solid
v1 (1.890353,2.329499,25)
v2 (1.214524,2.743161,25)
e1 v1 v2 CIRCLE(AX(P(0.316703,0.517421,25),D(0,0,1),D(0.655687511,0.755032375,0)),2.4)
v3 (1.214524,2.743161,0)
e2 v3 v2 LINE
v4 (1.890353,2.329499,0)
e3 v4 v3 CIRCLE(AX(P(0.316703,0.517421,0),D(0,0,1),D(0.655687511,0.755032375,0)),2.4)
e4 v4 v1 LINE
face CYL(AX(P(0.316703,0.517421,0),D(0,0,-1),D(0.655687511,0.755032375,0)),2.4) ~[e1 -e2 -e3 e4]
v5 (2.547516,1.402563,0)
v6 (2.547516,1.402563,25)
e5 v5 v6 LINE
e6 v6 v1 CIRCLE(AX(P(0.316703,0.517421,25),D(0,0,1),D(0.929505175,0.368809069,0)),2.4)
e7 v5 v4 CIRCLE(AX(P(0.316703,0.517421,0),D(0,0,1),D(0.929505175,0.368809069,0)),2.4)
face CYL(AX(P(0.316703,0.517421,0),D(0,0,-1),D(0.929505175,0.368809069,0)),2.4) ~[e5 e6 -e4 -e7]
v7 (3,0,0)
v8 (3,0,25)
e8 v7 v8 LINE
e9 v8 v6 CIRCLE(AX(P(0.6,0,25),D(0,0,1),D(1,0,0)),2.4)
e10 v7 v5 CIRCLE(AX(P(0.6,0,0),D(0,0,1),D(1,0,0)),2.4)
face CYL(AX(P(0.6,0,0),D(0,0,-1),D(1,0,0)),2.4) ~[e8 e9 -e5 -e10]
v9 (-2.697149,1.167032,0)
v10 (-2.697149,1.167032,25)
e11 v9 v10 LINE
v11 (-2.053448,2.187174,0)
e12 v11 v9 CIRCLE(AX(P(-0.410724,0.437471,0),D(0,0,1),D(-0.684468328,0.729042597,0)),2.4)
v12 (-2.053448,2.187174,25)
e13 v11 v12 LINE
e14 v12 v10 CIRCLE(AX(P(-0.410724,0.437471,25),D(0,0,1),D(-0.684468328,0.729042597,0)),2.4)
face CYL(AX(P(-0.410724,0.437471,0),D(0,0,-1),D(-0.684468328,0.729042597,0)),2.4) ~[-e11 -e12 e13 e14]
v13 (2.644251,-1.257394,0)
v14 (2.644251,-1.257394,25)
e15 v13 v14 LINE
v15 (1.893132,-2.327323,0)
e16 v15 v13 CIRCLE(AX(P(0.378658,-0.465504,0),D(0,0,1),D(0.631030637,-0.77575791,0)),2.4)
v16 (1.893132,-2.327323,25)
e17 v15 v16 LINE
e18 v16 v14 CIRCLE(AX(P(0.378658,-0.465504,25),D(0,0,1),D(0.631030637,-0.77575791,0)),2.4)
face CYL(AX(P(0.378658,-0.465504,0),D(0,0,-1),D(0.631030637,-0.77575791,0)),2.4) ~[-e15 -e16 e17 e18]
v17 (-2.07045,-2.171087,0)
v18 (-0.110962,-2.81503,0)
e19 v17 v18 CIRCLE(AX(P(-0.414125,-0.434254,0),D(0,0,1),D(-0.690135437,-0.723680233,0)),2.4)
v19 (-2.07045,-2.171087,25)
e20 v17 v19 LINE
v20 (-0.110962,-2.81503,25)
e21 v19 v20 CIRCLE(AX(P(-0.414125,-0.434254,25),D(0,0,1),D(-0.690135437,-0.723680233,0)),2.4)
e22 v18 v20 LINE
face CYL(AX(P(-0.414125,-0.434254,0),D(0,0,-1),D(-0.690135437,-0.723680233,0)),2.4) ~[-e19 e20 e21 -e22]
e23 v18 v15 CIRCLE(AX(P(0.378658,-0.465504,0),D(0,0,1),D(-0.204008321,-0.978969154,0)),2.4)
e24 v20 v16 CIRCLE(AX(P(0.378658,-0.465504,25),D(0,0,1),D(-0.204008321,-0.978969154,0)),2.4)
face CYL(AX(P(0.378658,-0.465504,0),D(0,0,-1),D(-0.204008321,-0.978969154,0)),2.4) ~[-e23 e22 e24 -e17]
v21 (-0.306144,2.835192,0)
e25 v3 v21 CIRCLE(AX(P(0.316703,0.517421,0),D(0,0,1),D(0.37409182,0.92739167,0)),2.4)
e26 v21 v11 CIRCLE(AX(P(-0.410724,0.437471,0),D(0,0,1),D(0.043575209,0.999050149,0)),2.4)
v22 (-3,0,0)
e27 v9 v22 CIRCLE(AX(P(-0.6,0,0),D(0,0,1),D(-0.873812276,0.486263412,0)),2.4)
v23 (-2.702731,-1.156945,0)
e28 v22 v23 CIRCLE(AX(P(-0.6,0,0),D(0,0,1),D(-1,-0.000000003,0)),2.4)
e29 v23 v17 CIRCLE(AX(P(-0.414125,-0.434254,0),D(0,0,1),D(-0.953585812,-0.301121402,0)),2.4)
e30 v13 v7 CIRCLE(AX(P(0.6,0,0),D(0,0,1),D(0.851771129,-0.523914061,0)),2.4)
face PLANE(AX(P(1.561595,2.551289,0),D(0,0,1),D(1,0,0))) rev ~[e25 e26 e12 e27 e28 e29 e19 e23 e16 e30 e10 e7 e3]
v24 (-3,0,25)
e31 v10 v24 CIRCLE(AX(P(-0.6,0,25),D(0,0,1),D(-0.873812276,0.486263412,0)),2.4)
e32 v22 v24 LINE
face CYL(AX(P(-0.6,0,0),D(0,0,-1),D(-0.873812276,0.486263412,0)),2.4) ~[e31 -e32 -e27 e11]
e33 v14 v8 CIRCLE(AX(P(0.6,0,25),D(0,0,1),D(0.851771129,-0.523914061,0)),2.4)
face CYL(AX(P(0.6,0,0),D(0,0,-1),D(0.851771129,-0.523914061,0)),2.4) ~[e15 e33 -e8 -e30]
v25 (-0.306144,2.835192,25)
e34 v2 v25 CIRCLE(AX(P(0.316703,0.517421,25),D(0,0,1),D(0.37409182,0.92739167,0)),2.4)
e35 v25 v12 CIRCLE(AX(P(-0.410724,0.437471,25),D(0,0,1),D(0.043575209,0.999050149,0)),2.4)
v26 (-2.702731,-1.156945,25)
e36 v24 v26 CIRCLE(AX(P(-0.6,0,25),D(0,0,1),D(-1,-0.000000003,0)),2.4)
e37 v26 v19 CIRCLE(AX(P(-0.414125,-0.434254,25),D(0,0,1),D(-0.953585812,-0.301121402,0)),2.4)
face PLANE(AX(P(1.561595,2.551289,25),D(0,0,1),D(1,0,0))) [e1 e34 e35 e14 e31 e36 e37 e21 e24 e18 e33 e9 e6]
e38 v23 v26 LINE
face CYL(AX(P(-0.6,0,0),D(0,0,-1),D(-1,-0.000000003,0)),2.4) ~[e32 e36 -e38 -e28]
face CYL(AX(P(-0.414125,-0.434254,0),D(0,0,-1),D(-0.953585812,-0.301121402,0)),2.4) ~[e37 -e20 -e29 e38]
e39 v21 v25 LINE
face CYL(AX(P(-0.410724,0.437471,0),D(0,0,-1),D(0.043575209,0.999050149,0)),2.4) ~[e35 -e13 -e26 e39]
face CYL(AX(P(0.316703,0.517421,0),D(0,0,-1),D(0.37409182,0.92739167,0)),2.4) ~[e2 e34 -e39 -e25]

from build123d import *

# Parameters (mm, degrees)
F1_DEPTH = 25


with BuildPart() as f1:
    # F0 (on Top) → F1 (new body)
    with BuildSketch(Plane.XY):
        with BuildLine():
            ThreePointArc((1.2145237572, 2.7431609583), (1.5661560246, 2.5587409612), (1.8903534171, 2.3294986496))
            ThreePointArc((1.8903534171, 2.3294986496), (1.5696282097, 2.5644137181), (1.2145237572, 2.7431609583))
        make_face()
        with BuildLine():
            ThreePointArc((-2.6971494632, 1.1670321884), (-2.9230538866, 0.602843794), (-3, -7.1e-09))
            ThreePointArc((-3, -7.1e-09), (-2.9244950269, -0.5972628147), (-2.7027309452, -1.1569453626))
            ThreePointArc((-2.7027309452, -1.1569453626), (-2.8098534543, -0.5773803496), (-2.7724957206, 0.0108162466))
            ThreePointArc((-2.7724957206, 0.0108162466), (-2.8056442701, 0.5935394007), (-2.6971494632, 1.1670321884))
        make_face()
        with BuildLine():
            ThreePointArc((0, 2.3237900077), (0.5091765934, 2.3982808653), (1.0225286934, 2.3625133869))
            ThreePointArc((1.0225286934, 2.3625133869), (0.3936943594, 2.6986461258), (-0.3061435643, 2.8351917902))
            ThreePointArc((-0.3061435643, 2.8351917902), (-0.8312662298, 2.6250655472), (-1.2926313697, 2.2978820217))
            ThreePointArc((-1.2926313697, 2.2978820217), (-0.6480931242, 2.3995180873), (0, 2.3237900077))
        make_face()
        with BuildLine():
            ThreePointArc((-0.3061435643, 2.8351917902), (-1.2452617924, 2.6877040375), (-2.0534480514, 2.1871736645))
            ThreePointArc((-2.0534480514, 2.1871736645), (-2.4404348522, 1.7182033005), (-2.6971494632, 1.1670321884))
            ThreePointArc((-2.6971494632, 1.1670321884), (-2.1051327551, 1.8693783431), (-1.2926313697, 2.2978820217))
            ThreePointArc((-1.2926313697, 2.2978820217), (-0.8312662298, 2.6250655472), (-0.3061435643, 2.8351917902))
        make_face()
        with BuildLine():
            ThreePointArc((-1.891761125, 1.4569338473), (-2.4638935619, 0.8141244793), (-2.7724957206, 0.0108162466))
            ThreePointArc((-2.7724957206, 0.0108162466), (-2.4250170931, -0.8673747652), (-1.7656165001, -1.5435047142))
            ThreePointArc((-1.7656165001, -1.5435047142), (-1.9902787019, -0.8503911859), (-1.9966041151, -0.1218038835))
            ThreePointArc((-1.9966041151, -0.1218038835), (-2.0780218042, 0.6764531589), (-1.891761125, 1.4569338473))
        make_face()
        with BuildLine():
            ThreePointArc((-1.2926313697, 2.2978820217), (-2.1051327551, 1.8693783431), (-2.6971494632, 1.1670321884))
            ThreePointArc((-2.6971494632, 1.1670321884), (-2.8056442701, 0.5935394007), (-2.7724957206, 0.0108162466))
            ThreePointArc((-2.7724957206, 0.0108162466), (-2.4638935619, 0.8141244793), (-1.891761125, 1.4569338473))
            ThreePointArc((-1.891761125, 1.4569338473), (-1.6379567553, 1.9100098031), (-1.2926313697, 2.2978820217))
        make_face()
        with BuildLine():
            ThreePointArc((-1.6655926226, 0.7918901872), (-1.3317700546, 1.4241714982), (-0.8264971382, 1.930053345))
            ThreePointArc((-0.8264971382, 1.930053345), (-1.3882878833, 1.7591467098), (-1.891761125, 1.4569338473))
            ThreePointArc((-1.891761125, 1.4569338473), (-2.0780218042, 0.6764531589), (-1.9966041151, -0.1218038835))
            ThreePointArc((-1.9966041151, -0.1218038835), (-1.8778287416, 0.3519725497), (-1.6655926226, 0.7918901872))
        make_face()
        with BuildLine():
            ThreePointArc((-0.8264971382, 1.930053345), (-0.4321965911, 2.1666956864), (0, 2.3237900077))
            ThreePointArc((0, 2.3237900077), (-0.6480931242, 2.3995180873), (-1.2926313697, 2.2978820217))
            ThreePointArc((-1.2926313697, 2.2978820217), (-1.6379567553, 1.9100098031), (-1.891761125, 1.4569338473))
            ThreePointArc((-1.891761125, 1.4569338473), (-1.3882878833, 1.7591467098), (-0.8264971382, 1.930053345))
        make_face()
        with BuildLine():
            ThreePointArc((0.8936048083, 1.8786017876), (0.4702071814, 2.1481751765), (0, 2.3237900077))
            ThreePointArc((0, 2.3237900077), (-0.4321965911, 2.1666956864), (-0.8264971382, 1.930053345))
            ThreePointArc((-0.8264971382, 1.930053345), (-0.3748003349, 1.9654238069), (0.0754949738, 1.9152719716))
            ThreePointArc((0.0754949738, 1.9152719716), (0.4861255229, 1.9320891402), (0.8936048083, 1.8786017876))
        make_face()
        with BuildLine():
            ThreePointArc((1.7335505231, 1.5154725868), (1.4274938242, 1.9805057771), (1.0225286934, 2.3625133869))
            ThreePointArc((1.0225286934, 2.3625133869), (0.5091765934, 2.3982808653), (0, 2.3237900077))
            ThreePointArc((0, 2.3237900077), (0.4702071814, 2.1481751765), (0.8936048083, 1.8786017876))
            ThreePointArc((0.8936048083, 1.8786017876), (1.3310447327, 1.7374398538), (1.7335505231, 1.5154725868))
        make_face()
        with BuildLine():
            ThreePointArc((2.5475158106, 1.4025627142), (2.2745813704, 1.90548212), (1.8903534171, 2.3294986496))
            ThreePointArc((1.8903534171, 2.3294986496), (1.5661560246, 2.5587409612), (1.2145237572, 2.7431609583))
            ThreePointArc((1.2145237572, 2.7431609583), (0.4616861922, 2.9130377773), (-0.3061435643, 2.8351917902))
            ThreePointArc((-0.3061435643, 2.8351917902), (0.3936943594, 2.6986461258), (1.0225286934, 2.3625133869))
            ThreePointArc((1.0225286934, 2.3625133869), (1.8785359054, 2.0310947636), (2.5475158106, 1.4025627142))
        make_face()
        with BuildLine():
            ThreePointArc((2.7167033901, 0.5174209492), (2.6740270642, 0.9680040107), (2.5475158106, 1.4025627142))
            ThreePointArc((2.5475158106, 1.4025627142), (1.8785359054, 2.0310947636), (1.0225286934, 2.3625133869))
            ThreePointArc((1.0225286934, 2.3625133869), (1.4274938242, 1.9805057771), (1.7335505231, 1.5154725868))
            ThreePointArc((1.7335505231, 1.5154725868), (2.3316037725, 0.9294886108), (2.6919655931, 0.1737212738))
            ThreePointArc((2.6919655931, 0.1737212738), (2.710510952, 0.3451265605), (2.7167033901, 0.5174209492))
        make_face()
        with BuildLine():
            ThreePointArc((2.6442507105, -1.257393746), (2.9093507427, -0.6533751965), (3, 0))
            ThreePointArc((3, 0), (2.8840794585, 0.7368724633), (2.5475158106, 1.4025627142))
            ThreePointArc((2.5475158106, 1.4025627142), (2.6740270642, 0.9680040107), (2.7167033901, 0.5174209492))
            ThreePointArc((2.7167033901, 0.5174209492), (2.710510952, 0.3451265605), (2.6919655931, 0.1737212738))
            ThreePointArc((2.6919655931, 0.1737212738), (2.7568862112, -0.1429651986), (2.778658088, -0.4655035588))
            ThreePointArc((2.778658088, -0.4655035588), (2.7448176656, -0.8671113936), (2.6442507105, -1.257393746))
        make_face()
        with BuildLine():
            ThreePointArc((-0.1109618815, -2.8150295292), (0.9461488192, -2.7974457257), (1.893131616, -2.3273225438))
            ThreePointArc((1.893131616, -2.3273225438), (2.3429421646, -1.8444843659), (2.6442507105, -1.257393746))
            ThreePointArc((2.6442507105, -1.257393746), (1.9472428841, -1.9861864492), (1.0123721426, -2.3643073438))
            ThreePointArc((1.0123721426, -2.3643073438), (0.4795856786, -2.6616473701), (-0.1109618815, -2.8150295292))
        make_face()
        with BuildLine():
            ThreePointArc((-2.7027309452, -1.1569453626), (-2.450725284, -1.7040017159), (-2.0704500438, -2.1710865568))
            ThreePointArc((-2.0704500438, -2.1710865568), (-1.1634096163, -2.7142918399), (-0.1109618815, -2.8150295292))
            ThreePointArc((-0.1109618815, -2.8150295292), (-0.6405266481, -2.6383501879), (-1.1149467204, -2.3441053464))
            ThreePointArc((-1.1149467204, -2.3441053464), (-2.0371486691, -1.9221351937), (-2.7027309452, -1.1569453626))
        make_face()
        with BuildLine():
            ThreePointArc((-2.7724957206, 0.0108162466), (-2.8098534543, -0.5773803496), (-2.7027309452, -1.1569453626))
            ThreePointArc((-2.7027309452, -1.1569453626), (-2.0371486691, -1.9221351937), (-1.1149467204, -2.3441053464))
            ThreePointArc((-1.1149467204, -2.3441053464), (-1.4838085477, -1.9791805492), (-1.7656165001, -1.5435047142))
            ThreePointArc((-1.7656165001, -1.5435047142), (-2.4250170931, -0.8673747652), (-2.7724957206, 0.0108162466))
        make_face()
        with BuildLine():
            ThreePointArc((-1.7656165001, -1.5435047142), (-1.4838085477, -1.9791805492), (-1.1149467204, -2.3441053464))
            ThreePointArc((-1.1149467204, -2.3441053464), (-0.5562770845, -2.3996016975), (0, -2.3237900077))
            ThreePointArc((0, -2.3237900077), (-0.4359918905, -2.1648835541), (-0.8332527584, -1.9250419555))
            ThreePointArc((-0.8332527584, -1.9250419555), (-1.3196790329, -1.7837446469), (-1.7656165001, -1.5435047142))
        make_face()
        with BuildLine():
            ThreePointArc((-1.9966041151, -0.1218038835), (-1.9902787019, -0.8503911859), (-1.7656165001, -1.5435047142))
            ThreePointArc((-1.7656165001, -1.5435047142), (-1.3196790329, -1.7837446469), (-0.8332527584, -1.9250419555))
            ThreePointArc((-0.8332527584, -1.9250419555), (-1.3043874371, -1.460584982), (-1.6308124206, -0.8851417651))
            ThreePointArc((-1.6308124206, -0.8851417651), (-1.8476267632, -0.5197265753), (-1.9966041151, -0.1218038835))
        make_face()
        with BuildLine():
            ThreePointArc((0.0754949738, 1.9152719716), (-0.922527746, 1.5511559131), (-1.6655926226, 0.7918901872))
            ThreePointArc((-1.6655926226, 0.7918901872), (-1.7994840321, -0.0497632375), (-1.6308124206, -0.8851417651))
            ThreePointArc((-1.6308124206, -0.8851417651), (-0.8236296762, -1.5943651427), (0.2121228894, -1.8802994096))
            ThreePointArc((0.2121228894, -1.8802994096), (1.0659766459, -1.45444691), (1.6864253983, -0.729560757))
            ThreePointArc((1.6864253983, -0.729560757), (1.7714363744, -0.3691741081), (1.8, 0))
            ThreePointArc((1.8, 0), (1.7719880142, 0.3656129927), (1.6886059496, 0.7226913638))
            ThreePointArc((1.6886059496, 0.7226913638), (1.0126310952, 1.4956079282), (0.0754949738, 1.9152719716))
        make_face()
        with BuildLine():
            ThreePointArc((0.0754949738, 1.9152719716), (-0.3748003349, 1.9654238069), (-0.8264971382, 1.930053345))
            ThreePointArc((-0.8264971382, 1.930053345), (-1.3317700546, 1.4241714982), (-1.6655926226, 0.7918901872))
            ThreePointArc((-1.6655926226, 0.7918901872), (-0.922527746, 1.5511559131), (0.0754949738, 1.9152719716))
        make_face()
        with BuildLine():
            ThreePointArc((1.989275935, 0.4374714314), (1.9244696113, 0.9914303598), (1.7335505231, 1.5154725868))
            ThreePointArc((1.7335505231, 1.5154725868), (1.3310447327, 1.7374398538), (0.8936048083, 1.8786017876))
            ThreePointArc((0.8936048083, 1.8786017876), (1.3774508291, 1.3600324329), (1.6886059496, 0.7226913638))
            ThreePointArc((1.6886059496, 0.7226913638), (1.8477938368, 0.3680696241), (1.94764666, -0.007598814))
            ThreePointArc((1.94764666, -0.007598814), (1.9788459528, 0.2139649886), (1.989275935, 0.4374714314))
        make_face()
        with BuildLine():
            ThreePointArc((2.6919655931, 0.1737212738), (2.3316037725, 0.9294886108), (1.7335505231, 1.5154725868))
            ThreePointArc((1.7335505231, 1.5154725868), (1.9244696113, 0.9914303598), (1.989275935, 0.4374714314))
            ThreePointArc((1.989275935, 0.4374714314), (1.9788459528, 0.2139649886), (1.94764666, -0.007598814))
            ThreePointArc((1.94764666, -0.007598814), (1.9762988134, -0.2200718024), (1.9858750044, -0.4342539988))
            ThreePointArc((1.9858750044, -0.4342539988), (1.9375036779, -0.9136730034), (1.7943395194, -1.3737668969))
            ThreePointArc((1.7943395194, -1.3737668969), (2.3927299553, -0.6867857193), (2.6919655931, 0.1737212738))
        make_face()
        with BuildLine():
            ThreePointArc((1.0123721426, -2.3643073438), (1.9472428841, -1.9861864492), (2.6442507105, -1.257393746))
            ThreePointArc((2.6442507105, -1.257393746), (2.7448176656, -0.8671113936), (2.778658088, -0.4655035588))
            ThreePointArc((2.778658088, -0.4655035588), (2.7568862112, -0.1429651986), (2.6919655931, 0.1737212738))
            ThreePointArc((2.6919655931, 0.1737212738), (2.3927299553, -0.6867857193), (1.7943395194, -1.3737668969))
            ThreePointArc((1.7943395194, -1.3737668969), (1.4696290089, -1.9213554918), (1.0123721426, -2.3643073438))
        make_face()
        with BuildLine():
            ThreePointArc((0.2121228894, -1.8802994096), (0.6149363184, -1.8639771949), (1.0093347598, -1.7804610726))
            ThreePointArc((1.0093347598, -1.7804610726), (1.4175070435, -1.2998712742), (1.6864253983, -0.729560757))
            ThreePointArc((1.6864253983, -0.729560757), (1.0659766459, -1.45444691), (0.2121228894, -1.8802994096))
        make_face()
        with BuildLine():
            ThreePointArc((-1.1149467204, -2.3441053464), (-0.6405266481, -2.6383501879), (-0.1109618815, -2.8150295292))
            ThreePointArc((-0.1109618815, -2.8150295292), (0.4795856786, -2.6616473701), (1.0123721426, -2.3643073438))
            ThreePointArc((1.0123721426, -2.3643073438), (0.5040236131, -2.3980801765), (0, -2.3237900077))
            ThreePointArc((0, -2.3237900077), (-0.5562770845, -2.3996016975), (-1.1149467204, -2.3441053464))
        make_face()
        with BuildLine():
            ThreePointArc((0, -2.3237900077), (0.5040236131, -2.3980801765), (1.0123721426, -2.3643073438))
            ThreePointArc((1.0123721426, -2.3643073438), (1.4696290089, -1.9213554918), (1.7943395194, -1.3737668969))
            ThreePointArc((1.7943395194, -1.3737668969), (1.4207257144, -1.6135728818), (1.0093347598, -1.7804610726))
            ThreePointArc((1.0093347598, -1.7804610726), (0.537581471, -2.1132695987), (0, -2.3237900077))
        make_face()
        with BuildLine():
            ThreePointArc((-0.8332527584, -1.9250419555), (-0.4359918905, -2.1648835541), (0, -2.3237900077))
            ThreePointArc((0, -2.3237900077), (0.537581471, -2.1132695987), (1.0093347598, -1.7804610726))
            ThreePointArc((1.0093347598, -1.7804610726), (0.6149363184, -1.8639771949), (0.2121228894, -1.8802994096))
            ThreePointArc((0.2121228894, -1.8802994096), (-0.3080969474, -1.9603333302), (-0.8332527584, -1.9250419555))
        make_face()
        with BuildLine():
            ThreePointArc((-1.6308124206, -0.8851417651), (-1.3043874371, -1.460584982), (-0.8332527584, -1.9250419555))
            ThreePointArc((-0.8332527584, -1.9250419555), (-0.3080969474, -1.9603333302), (0.2121228894, -1.8802994096))
            ThreePointArc((0.2121228894, -1.8802994096), (-0.8236296762, -1.5943651427), (-1.6308124206, -0.8851417651))
        make_face()
        with BuildLine():
            ThreePointArc((-1.6655926226, 0.7918901872), (-1.8778287416, 0.3519725497), (-1.9966041151, -0.1218038835))
            ThreePointArc((-1.9966041151, -0.1218038835), (-1.8476267632, -0.5197265753), (-1.6308124206, -0.8851417651))
            ThreePointArc((-1.6308124206, -0.8851417651), (-1.7994840321, -0.0497632375), (-1.6655926226, 0.7918901872))
        make_face()
        with BuildLine():
            ThreePointArc((1.0093347598, -1.7804610726), (1.4207257144, -1.6135728818), (1.7943395194, -1.3737668969))
            ThreePointArc((1.7943395194, -1.3737668969), (1.9375036779, -0.9136730034), (1.9858750044, -0.4342539988))
            ThreePointArc((1.9858750044, -0.4342539988), (1.9762988134, -0.2200718024), (1.94764666, -0.007598814))
            ThreePointArc((1.94764666, -0.007598814), (1.846092786, -0.3790931412), (1.6864253983, -0.729560757))
            ThreePointArc((1.6864253983, -0.729560757), (1.4175070435, -1.2998712742), (1.0093347598, -1.7804610726))
        make_face()
        with BuildLine():
            ThreePointArc((1.94764666, -0.007598814), (1.8477938368, 0.3680696241), (1.6886059496, 0.7226913638))
            ThreePointArc((1.6886059496, 0.7226913638), (1.7719880142, 0.3656129927), (1.8, 0))
            ThreePointArc((1.8, 0), (1.7714363744, -0.3691741081), (1.6864253983, -0.729560757))
            ThreePointArc((1.6864253983, -0.729560757), (1.846092786, -0.3790931412), (1.94764666, -0.007598814))
        make_face()
        with BuildLine():
            ThreePointArc((1.6886059496, 0.7226913638), (1.3774508291, 1.3600324329), (0.8936048083, 1.8786017876))
            ThreePointArc((0.8936048083, 1.8786017876), (0.4861255229, 1.9320891402), (0.0754949738, 1.9152719716))
            ThreePointArc((0.0754949738, 1.9152719716), (1.0126310952, 1.4956079282), (1.6886059496, 0.7226913638))
        make_face()
    extrude(amount=F1_DEPTH)


solid = f1.part
